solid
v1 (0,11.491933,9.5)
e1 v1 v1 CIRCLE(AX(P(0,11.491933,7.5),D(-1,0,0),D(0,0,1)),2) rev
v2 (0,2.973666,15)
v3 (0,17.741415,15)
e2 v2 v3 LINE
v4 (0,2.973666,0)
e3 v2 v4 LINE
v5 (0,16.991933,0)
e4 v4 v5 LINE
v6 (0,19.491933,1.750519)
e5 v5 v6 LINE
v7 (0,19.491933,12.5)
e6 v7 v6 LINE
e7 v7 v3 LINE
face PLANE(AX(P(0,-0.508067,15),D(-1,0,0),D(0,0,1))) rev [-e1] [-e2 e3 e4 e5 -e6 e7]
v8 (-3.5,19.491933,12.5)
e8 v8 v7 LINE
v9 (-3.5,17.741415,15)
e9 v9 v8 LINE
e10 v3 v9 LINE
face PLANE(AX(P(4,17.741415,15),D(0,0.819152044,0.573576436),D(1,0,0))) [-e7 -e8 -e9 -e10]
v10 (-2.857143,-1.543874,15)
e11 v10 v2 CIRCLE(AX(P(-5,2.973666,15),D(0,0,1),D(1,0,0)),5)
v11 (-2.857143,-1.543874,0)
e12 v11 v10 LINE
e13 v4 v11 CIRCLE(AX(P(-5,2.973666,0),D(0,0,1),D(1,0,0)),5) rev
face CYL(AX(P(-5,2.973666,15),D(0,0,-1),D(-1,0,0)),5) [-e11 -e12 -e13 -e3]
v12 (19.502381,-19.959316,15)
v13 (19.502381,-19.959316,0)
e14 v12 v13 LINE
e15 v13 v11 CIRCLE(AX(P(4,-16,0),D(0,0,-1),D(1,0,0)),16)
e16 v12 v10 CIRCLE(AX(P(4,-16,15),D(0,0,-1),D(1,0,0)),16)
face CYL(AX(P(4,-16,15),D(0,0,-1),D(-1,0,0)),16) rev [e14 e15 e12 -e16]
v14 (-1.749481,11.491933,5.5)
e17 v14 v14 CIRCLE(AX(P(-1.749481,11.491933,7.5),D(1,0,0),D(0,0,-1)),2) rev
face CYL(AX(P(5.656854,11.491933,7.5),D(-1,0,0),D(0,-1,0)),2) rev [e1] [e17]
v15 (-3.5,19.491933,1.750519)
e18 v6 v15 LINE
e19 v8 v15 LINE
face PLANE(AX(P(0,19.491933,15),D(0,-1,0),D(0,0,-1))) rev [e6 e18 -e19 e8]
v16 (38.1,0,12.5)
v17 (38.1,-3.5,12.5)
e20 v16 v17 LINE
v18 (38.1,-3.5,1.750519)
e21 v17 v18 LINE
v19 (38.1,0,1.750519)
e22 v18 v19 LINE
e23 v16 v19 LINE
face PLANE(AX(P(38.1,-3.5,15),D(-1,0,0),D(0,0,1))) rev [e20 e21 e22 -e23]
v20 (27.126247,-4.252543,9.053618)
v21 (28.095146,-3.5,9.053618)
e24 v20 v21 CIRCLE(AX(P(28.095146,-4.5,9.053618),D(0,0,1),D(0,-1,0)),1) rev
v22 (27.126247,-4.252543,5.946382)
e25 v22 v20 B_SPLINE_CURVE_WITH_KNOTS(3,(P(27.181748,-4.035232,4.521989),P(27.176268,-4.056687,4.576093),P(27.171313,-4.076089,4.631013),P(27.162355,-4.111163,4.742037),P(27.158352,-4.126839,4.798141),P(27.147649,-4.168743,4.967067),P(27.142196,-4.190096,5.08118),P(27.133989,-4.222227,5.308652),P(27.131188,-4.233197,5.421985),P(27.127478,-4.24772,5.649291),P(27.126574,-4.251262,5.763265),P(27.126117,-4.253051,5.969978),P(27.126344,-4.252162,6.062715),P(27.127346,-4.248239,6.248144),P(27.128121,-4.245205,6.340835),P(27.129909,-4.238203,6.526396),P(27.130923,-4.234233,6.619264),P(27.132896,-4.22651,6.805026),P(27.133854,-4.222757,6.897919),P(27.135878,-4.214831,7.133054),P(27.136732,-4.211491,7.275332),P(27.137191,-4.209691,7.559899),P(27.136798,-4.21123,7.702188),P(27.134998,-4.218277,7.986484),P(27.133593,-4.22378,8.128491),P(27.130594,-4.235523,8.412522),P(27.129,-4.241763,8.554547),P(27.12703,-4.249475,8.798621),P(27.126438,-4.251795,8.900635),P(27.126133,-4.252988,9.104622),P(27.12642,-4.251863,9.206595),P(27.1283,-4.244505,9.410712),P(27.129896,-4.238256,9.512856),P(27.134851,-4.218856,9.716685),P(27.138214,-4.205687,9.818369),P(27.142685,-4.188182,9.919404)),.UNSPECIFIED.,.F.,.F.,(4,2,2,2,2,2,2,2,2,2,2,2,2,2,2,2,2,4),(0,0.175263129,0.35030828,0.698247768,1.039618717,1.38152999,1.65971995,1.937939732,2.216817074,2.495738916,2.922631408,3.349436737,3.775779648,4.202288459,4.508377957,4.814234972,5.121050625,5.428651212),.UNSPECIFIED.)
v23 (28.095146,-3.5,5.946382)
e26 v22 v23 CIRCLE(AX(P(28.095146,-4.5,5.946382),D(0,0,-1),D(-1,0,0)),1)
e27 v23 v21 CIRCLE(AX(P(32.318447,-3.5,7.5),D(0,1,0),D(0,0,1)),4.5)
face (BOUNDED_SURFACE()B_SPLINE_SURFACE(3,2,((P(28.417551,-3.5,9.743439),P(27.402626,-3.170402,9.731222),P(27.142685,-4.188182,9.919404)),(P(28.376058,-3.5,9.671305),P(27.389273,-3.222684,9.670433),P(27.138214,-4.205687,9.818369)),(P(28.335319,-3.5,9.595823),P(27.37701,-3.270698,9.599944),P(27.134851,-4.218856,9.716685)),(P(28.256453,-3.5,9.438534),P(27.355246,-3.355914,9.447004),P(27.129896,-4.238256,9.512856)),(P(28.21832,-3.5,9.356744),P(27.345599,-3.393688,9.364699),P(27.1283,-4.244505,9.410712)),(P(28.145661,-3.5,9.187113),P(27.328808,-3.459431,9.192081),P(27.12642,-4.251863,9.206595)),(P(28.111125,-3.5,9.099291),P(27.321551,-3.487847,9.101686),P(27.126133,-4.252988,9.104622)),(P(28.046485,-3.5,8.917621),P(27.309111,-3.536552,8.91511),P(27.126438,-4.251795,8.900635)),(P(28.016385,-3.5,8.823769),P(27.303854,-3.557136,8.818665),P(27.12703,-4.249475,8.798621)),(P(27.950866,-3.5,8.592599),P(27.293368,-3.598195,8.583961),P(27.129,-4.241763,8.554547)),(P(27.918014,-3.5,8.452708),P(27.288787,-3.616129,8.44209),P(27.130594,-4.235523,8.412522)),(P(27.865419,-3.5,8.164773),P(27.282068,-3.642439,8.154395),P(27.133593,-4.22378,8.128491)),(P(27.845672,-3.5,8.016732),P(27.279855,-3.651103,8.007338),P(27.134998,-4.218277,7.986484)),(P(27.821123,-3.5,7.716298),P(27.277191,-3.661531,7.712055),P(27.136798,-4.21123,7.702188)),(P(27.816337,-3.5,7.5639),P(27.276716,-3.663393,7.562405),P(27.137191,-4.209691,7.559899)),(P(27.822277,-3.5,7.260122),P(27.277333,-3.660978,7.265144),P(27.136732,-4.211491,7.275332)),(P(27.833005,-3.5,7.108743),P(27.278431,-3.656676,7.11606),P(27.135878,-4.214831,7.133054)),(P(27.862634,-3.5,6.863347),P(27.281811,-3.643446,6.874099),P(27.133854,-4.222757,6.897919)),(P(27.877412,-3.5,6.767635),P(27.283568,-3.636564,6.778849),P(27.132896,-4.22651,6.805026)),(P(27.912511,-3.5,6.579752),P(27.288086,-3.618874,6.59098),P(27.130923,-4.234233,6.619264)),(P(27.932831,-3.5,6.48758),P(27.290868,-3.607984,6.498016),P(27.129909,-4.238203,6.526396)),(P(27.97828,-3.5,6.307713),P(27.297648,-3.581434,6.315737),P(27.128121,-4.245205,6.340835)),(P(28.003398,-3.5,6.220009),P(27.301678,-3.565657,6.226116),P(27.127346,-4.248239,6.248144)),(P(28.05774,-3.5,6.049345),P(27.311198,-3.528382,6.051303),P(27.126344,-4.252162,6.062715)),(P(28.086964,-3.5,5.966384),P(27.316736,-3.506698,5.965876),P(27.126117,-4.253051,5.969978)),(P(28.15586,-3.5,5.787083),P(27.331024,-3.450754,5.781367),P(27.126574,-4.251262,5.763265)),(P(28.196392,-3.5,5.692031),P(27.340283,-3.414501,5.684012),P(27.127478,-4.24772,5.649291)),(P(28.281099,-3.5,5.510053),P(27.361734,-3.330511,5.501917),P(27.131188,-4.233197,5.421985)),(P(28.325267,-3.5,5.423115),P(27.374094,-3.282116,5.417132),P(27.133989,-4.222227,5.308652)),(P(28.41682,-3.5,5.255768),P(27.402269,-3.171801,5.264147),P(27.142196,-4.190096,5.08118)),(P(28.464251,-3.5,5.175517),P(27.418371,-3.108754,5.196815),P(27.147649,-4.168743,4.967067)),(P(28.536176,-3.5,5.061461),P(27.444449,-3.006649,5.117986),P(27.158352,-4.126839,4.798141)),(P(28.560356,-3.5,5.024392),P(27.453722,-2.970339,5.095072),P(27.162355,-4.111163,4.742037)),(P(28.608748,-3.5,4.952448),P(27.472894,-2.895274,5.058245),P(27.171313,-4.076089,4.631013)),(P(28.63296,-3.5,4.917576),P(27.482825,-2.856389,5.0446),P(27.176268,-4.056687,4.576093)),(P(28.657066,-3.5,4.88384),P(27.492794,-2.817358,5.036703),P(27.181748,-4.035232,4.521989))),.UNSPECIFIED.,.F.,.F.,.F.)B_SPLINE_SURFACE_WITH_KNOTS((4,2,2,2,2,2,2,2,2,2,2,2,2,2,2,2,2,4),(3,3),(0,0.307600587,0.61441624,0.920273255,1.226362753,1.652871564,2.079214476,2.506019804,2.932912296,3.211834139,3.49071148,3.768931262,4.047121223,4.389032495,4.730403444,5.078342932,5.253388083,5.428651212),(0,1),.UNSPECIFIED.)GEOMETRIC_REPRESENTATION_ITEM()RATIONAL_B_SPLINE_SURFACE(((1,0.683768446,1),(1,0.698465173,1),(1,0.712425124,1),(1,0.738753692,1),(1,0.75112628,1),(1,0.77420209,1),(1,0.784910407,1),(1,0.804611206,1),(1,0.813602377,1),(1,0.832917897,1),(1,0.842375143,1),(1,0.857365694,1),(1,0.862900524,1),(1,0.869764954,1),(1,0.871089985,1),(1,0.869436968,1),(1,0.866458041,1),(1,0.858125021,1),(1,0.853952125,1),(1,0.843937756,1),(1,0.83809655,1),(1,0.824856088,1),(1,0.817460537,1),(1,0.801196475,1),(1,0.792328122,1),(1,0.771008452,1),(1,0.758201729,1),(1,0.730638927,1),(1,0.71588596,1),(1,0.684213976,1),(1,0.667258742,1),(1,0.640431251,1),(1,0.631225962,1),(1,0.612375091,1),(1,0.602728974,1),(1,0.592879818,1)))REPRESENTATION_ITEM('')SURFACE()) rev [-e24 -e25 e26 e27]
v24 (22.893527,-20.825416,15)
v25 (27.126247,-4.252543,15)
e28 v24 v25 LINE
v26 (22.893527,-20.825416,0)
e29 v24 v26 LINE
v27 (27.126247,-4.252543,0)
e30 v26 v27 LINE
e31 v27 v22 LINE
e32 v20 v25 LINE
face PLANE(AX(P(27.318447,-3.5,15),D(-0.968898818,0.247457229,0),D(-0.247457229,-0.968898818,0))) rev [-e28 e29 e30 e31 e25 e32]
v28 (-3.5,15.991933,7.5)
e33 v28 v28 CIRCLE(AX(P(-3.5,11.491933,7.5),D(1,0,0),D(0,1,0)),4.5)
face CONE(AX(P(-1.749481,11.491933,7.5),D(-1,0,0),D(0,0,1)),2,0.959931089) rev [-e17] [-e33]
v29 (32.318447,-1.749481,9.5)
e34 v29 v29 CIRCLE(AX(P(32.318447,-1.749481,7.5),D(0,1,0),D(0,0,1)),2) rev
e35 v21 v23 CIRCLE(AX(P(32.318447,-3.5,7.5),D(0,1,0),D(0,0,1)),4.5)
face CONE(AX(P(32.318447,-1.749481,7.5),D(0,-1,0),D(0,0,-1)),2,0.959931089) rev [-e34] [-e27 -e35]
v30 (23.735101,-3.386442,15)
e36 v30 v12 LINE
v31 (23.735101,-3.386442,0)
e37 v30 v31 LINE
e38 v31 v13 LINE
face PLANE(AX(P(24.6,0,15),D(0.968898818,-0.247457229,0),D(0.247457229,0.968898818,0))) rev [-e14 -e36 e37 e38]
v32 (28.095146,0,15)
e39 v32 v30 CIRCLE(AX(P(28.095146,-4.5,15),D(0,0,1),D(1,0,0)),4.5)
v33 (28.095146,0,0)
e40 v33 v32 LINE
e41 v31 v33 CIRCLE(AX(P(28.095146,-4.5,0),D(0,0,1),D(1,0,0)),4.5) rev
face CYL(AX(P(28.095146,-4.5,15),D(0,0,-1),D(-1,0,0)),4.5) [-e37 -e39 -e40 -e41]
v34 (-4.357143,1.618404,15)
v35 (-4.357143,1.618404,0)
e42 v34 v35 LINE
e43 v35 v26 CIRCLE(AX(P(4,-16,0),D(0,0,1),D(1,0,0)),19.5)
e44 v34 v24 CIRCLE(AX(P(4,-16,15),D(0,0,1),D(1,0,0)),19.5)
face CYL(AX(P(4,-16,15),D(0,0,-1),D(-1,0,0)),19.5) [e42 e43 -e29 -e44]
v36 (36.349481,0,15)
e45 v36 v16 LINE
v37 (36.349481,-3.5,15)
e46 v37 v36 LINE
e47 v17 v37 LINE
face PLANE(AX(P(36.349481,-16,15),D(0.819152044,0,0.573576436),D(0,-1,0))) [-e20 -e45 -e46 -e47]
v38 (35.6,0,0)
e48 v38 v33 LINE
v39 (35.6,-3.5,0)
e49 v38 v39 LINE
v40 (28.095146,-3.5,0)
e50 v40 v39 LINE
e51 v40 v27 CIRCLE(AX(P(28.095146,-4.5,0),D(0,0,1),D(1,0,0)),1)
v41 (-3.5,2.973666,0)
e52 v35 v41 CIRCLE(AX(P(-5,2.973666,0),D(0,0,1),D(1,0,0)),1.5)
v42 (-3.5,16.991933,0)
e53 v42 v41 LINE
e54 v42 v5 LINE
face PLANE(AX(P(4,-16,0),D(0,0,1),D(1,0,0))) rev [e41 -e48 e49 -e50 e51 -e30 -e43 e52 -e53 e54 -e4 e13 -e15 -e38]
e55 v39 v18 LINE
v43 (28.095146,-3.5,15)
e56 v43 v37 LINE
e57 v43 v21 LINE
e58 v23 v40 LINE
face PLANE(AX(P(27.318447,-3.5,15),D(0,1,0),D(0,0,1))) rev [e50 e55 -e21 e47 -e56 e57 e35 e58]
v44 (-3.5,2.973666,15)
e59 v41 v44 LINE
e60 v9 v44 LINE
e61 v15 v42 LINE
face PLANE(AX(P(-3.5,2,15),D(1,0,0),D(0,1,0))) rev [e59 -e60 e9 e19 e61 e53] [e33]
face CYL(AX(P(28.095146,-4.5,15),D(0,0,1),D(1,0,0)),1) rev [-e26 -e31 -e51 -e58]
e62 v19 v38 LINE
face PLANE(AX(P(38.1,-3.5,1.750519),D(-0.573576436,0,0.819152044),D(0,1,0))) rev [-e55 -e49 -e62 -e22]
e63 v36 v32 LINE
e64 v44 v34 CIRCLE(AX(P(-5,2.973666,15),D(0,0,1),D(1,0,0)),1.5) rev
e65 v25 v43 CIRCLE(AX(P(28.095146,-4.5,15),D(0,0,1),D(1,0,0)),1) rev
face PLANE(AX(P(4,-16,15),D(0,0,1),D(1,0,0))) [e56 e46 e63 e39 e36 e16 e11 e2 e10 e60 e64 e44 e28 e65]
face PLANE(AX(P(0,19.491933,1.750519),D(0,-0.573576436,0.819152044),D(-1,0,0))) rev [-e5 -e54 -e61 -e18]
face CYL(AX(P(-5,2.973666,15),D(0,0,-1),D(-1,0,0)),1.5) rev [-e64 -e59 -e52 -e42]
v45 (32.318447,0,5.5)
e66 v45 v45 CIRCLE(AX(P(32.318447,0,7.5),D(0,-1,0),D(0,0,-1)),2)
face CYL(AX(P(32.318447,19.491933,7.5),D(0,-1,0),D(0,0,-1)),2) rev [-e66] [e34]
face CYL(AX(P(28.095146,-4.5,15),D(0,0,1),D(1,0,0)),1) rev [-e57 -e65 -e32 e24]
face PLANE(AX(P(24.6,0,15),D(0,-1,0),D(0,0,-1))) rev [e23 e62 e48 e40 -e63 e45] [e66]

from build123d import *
from OCP.BRepFilletAPI import BRepFilletAPI_MakeChamfer

# Parameters (mm, degrees)
BOSS_EXTRUDE1_DEPTH = 15
SKETCH2_R           = 2
CUT_EXTRUDE1_DEPTH  = 52.967393623
SKETCH3_R           = 2
CUT_EXTRUDE2_DEPTH  = 3.5
CHAMFER1_SIZE       = 2.5
CHAMFER1_SIZE2      = 1.750518846
CHAMFER2_SIZE       = 2.5
CHAMFER2_SIZE2      = 1.750518846
FILLET1_R           = 5
FILLET2_R           = 1.5
FILLET3_R           = 1
FILLET4_R           = 4.5


with BuildPart() as part:
    # Sketch1 → Boss-Extrude1 (new body)
    with BuildSketch(Plane.XY):
        with BuildLine():
            Line((24.6, 0), (38.1, 0))
            Line((38.1, 0), (38.1, -3.5))
            Line((38.1, -3.5), (27.318446602, -3.5))
            Line((27.318446602, -3.5), (22.893526956, -20.825415956))
            ThreePointArc((22.893526956, -20.825415956), (-8.755509301, -30.749473973), (-3.5, 2))
            Line((-3.5, 2), (-3.5, 19.491933385))
            Line((-3.5, 19.491933385), (0, 19.491933385))
            Line((0, 19.491933385), (0, -0.508066615))
            ThreePointArc((0, -0.508066615), (-7.298847951, -27.328549553), (19.502381092, -19.959315656))
            Line((19.502381092, -19.959315656), (24.6, 0))
        make_face()
    extrude(amount=BOSS_EXTRUDE1_DEPTH)

    # Sketch2 → Cut-Extrude1 (cut, through all)
    with BuildSketch(Plane.XZ.offset(3.5)):
        with Locations(Location((32.318446602, 7.5, 0), (0, 0, 270))):
            Circle(SKETCH2_R)
    extrude(amount=-CUT_EXTRUDE1_DEPTH, mode=Mode.SUBTRACT)

    # Sketch3 → Cut-Extrude2 (cut)
    with BuildSketch(Plane.ZY.offset(3.5)):
        with Locations(Location((7.5, 11.491933385, 0), (0, 0, 270))):
            Circle(SKETCH3_R)
    extrude(amount=-CUT_EXTRUDE2_DEPTH, mode=Mode.SUBTRACT)

    # Chamfer1: one chamfer whose edges measure the first distance from different faces: ONE call of the kernel's chamfer builder (chamfer() names one face for all edges)
    chamfer1_edges_1 = [part.edges().sort_by_distance(p)[0] for p in [
        (32.318446602, -3.5, 9.5),
    ]]
    chamfer1_side_1 = [part.faces().sort_by_distance(p)[0] for p in [
        (37.915272662, -3.5, 7.5),
    ]]
    chamfer1_edges_2 = [part.edges().sort_by_distance(p)[0] for p in [
        (-3.5, 13.491933385, 7.5),
    ]]
    chamfer1_side_2 = [part.faces().sort_by_distance(p)[0] for p in [
        (-3.5, 2.230427371, 7.5),
    ]]
    chamfer1 = BRepFilletAPI_MakeChamfer(part.part.solid().wrapped)
    for e in chamfer1_edges_1:
        chamfer1.Add(CHAMFER1_SIZE, CHAMFER1_SIZE2, e.wrapped, chamfer1_side_1[0].wrapped)  # the first distance lies on this face
    for e in chamfer1_edges_2:
        chamfer1.Add(CHAMFER1_SIZE, CHAMFER1_SIZE2, e.wrapped, chamfer1_side_2[0].wrapped)  # the first distance lies on this face
    add(Compound.cast(chamfer1.Shape()), mode=Mode.REPLACE)

    # Chamfer2: one chamfer whose edges measure the first distance from different faces: ONE call of the kernel's chamfer builder (chamfer() names one face for all edges)
    chamfer2_edges_1 = [part.edges().sort_by_distance(p)[0] for p in [
        (-1.75, 19.491933385, 0),
        (38.1, -1.75, 0),
    ]]
    chamfer2_side_1 = [part.faces().sort_by_distance(p)[0] for p in [
        (-2.732075997, 10.745966692, 0),
    ]]
    chamfer2_edges_2 = [part.edges().sort_by_distance(p)[0] for p in [
        (-1.75, 19.491933385, 15),
    ]]
    chamfer2_side_2 = [part.faces().sort_by_distance(p)[0] for p in [
        (-1.75, 19.491933385, 7.5),
    ]]
    chamfer2_edges_3 = [part.edges().sort_by_distance(p)[0] for p in [
        (38.1, -1.75, 15),
    ]]
    chamfer2_side_3 = [part.faces().sort_by_distance(p)[0] for p in [
        (38.1, -1.75, 7.5),
    ]]
    chamfer2 = BRepFilletAPI_MakeChamfer(part.part.solid().wrapped)
    for e in chamfer2_edges_1:
        chamfer2.Add(CHAMFER2_SIZE, CHAMFER2_SIZE2, e.wrapped, chamfer2_side_1[0].wrapped)  # the first distance lies on this face
    for e in chamfer2_edges_2:
        chamfer2.Add(CHAMFER2_SIZE, CHAMFER2_SIZE2, e.wrapped, chamfer2_side_2[0].wrapped)  # the first distance lies on this face
    for e in chamfer2_edges_3:
        chamfer2.Add(CHAMFER2_SIZE, CHAMFER2_SIZE2, e.wrapped, chamfer2_side_3[0].wrapped)  # the first distance lies on this face
    add(Compound.cast(chamfer2.Shape()), mode=Mode.REPLACE)

    # Fillet1
    fillet1_edges = [part.edges().sort_by_distance(p)[0] for p in [
        (0, -0.508066615, 7.5),
    ]]
    fillet(fillet1_edges, radius=FILLET1_R)

    # Fillet2
    fillet2_edges = [part.edges().sort_by_distance(p)[0] for p in [
        (-3.5, 2, 7.5),
    ]]
    fillet(fillet2_edges, radius=FILLET2_R)

    # Fillet3
    fillet3_edges = [part.edges().sort_by_distance(p)[0] for p in [
        (27.318446602, -3.5, 7.5),
    ]]
    fillet(fillet3_edges, radius=FILLET3_R)

    # Fillet4
    fillet4_edges = [part.edges().sort_by_distance(p)[0] for p in [
        (24.6, 0, 7.5),
    ]]
    fillet(fillet4_edges, radius=FILLET4_R)


solid = part.part
